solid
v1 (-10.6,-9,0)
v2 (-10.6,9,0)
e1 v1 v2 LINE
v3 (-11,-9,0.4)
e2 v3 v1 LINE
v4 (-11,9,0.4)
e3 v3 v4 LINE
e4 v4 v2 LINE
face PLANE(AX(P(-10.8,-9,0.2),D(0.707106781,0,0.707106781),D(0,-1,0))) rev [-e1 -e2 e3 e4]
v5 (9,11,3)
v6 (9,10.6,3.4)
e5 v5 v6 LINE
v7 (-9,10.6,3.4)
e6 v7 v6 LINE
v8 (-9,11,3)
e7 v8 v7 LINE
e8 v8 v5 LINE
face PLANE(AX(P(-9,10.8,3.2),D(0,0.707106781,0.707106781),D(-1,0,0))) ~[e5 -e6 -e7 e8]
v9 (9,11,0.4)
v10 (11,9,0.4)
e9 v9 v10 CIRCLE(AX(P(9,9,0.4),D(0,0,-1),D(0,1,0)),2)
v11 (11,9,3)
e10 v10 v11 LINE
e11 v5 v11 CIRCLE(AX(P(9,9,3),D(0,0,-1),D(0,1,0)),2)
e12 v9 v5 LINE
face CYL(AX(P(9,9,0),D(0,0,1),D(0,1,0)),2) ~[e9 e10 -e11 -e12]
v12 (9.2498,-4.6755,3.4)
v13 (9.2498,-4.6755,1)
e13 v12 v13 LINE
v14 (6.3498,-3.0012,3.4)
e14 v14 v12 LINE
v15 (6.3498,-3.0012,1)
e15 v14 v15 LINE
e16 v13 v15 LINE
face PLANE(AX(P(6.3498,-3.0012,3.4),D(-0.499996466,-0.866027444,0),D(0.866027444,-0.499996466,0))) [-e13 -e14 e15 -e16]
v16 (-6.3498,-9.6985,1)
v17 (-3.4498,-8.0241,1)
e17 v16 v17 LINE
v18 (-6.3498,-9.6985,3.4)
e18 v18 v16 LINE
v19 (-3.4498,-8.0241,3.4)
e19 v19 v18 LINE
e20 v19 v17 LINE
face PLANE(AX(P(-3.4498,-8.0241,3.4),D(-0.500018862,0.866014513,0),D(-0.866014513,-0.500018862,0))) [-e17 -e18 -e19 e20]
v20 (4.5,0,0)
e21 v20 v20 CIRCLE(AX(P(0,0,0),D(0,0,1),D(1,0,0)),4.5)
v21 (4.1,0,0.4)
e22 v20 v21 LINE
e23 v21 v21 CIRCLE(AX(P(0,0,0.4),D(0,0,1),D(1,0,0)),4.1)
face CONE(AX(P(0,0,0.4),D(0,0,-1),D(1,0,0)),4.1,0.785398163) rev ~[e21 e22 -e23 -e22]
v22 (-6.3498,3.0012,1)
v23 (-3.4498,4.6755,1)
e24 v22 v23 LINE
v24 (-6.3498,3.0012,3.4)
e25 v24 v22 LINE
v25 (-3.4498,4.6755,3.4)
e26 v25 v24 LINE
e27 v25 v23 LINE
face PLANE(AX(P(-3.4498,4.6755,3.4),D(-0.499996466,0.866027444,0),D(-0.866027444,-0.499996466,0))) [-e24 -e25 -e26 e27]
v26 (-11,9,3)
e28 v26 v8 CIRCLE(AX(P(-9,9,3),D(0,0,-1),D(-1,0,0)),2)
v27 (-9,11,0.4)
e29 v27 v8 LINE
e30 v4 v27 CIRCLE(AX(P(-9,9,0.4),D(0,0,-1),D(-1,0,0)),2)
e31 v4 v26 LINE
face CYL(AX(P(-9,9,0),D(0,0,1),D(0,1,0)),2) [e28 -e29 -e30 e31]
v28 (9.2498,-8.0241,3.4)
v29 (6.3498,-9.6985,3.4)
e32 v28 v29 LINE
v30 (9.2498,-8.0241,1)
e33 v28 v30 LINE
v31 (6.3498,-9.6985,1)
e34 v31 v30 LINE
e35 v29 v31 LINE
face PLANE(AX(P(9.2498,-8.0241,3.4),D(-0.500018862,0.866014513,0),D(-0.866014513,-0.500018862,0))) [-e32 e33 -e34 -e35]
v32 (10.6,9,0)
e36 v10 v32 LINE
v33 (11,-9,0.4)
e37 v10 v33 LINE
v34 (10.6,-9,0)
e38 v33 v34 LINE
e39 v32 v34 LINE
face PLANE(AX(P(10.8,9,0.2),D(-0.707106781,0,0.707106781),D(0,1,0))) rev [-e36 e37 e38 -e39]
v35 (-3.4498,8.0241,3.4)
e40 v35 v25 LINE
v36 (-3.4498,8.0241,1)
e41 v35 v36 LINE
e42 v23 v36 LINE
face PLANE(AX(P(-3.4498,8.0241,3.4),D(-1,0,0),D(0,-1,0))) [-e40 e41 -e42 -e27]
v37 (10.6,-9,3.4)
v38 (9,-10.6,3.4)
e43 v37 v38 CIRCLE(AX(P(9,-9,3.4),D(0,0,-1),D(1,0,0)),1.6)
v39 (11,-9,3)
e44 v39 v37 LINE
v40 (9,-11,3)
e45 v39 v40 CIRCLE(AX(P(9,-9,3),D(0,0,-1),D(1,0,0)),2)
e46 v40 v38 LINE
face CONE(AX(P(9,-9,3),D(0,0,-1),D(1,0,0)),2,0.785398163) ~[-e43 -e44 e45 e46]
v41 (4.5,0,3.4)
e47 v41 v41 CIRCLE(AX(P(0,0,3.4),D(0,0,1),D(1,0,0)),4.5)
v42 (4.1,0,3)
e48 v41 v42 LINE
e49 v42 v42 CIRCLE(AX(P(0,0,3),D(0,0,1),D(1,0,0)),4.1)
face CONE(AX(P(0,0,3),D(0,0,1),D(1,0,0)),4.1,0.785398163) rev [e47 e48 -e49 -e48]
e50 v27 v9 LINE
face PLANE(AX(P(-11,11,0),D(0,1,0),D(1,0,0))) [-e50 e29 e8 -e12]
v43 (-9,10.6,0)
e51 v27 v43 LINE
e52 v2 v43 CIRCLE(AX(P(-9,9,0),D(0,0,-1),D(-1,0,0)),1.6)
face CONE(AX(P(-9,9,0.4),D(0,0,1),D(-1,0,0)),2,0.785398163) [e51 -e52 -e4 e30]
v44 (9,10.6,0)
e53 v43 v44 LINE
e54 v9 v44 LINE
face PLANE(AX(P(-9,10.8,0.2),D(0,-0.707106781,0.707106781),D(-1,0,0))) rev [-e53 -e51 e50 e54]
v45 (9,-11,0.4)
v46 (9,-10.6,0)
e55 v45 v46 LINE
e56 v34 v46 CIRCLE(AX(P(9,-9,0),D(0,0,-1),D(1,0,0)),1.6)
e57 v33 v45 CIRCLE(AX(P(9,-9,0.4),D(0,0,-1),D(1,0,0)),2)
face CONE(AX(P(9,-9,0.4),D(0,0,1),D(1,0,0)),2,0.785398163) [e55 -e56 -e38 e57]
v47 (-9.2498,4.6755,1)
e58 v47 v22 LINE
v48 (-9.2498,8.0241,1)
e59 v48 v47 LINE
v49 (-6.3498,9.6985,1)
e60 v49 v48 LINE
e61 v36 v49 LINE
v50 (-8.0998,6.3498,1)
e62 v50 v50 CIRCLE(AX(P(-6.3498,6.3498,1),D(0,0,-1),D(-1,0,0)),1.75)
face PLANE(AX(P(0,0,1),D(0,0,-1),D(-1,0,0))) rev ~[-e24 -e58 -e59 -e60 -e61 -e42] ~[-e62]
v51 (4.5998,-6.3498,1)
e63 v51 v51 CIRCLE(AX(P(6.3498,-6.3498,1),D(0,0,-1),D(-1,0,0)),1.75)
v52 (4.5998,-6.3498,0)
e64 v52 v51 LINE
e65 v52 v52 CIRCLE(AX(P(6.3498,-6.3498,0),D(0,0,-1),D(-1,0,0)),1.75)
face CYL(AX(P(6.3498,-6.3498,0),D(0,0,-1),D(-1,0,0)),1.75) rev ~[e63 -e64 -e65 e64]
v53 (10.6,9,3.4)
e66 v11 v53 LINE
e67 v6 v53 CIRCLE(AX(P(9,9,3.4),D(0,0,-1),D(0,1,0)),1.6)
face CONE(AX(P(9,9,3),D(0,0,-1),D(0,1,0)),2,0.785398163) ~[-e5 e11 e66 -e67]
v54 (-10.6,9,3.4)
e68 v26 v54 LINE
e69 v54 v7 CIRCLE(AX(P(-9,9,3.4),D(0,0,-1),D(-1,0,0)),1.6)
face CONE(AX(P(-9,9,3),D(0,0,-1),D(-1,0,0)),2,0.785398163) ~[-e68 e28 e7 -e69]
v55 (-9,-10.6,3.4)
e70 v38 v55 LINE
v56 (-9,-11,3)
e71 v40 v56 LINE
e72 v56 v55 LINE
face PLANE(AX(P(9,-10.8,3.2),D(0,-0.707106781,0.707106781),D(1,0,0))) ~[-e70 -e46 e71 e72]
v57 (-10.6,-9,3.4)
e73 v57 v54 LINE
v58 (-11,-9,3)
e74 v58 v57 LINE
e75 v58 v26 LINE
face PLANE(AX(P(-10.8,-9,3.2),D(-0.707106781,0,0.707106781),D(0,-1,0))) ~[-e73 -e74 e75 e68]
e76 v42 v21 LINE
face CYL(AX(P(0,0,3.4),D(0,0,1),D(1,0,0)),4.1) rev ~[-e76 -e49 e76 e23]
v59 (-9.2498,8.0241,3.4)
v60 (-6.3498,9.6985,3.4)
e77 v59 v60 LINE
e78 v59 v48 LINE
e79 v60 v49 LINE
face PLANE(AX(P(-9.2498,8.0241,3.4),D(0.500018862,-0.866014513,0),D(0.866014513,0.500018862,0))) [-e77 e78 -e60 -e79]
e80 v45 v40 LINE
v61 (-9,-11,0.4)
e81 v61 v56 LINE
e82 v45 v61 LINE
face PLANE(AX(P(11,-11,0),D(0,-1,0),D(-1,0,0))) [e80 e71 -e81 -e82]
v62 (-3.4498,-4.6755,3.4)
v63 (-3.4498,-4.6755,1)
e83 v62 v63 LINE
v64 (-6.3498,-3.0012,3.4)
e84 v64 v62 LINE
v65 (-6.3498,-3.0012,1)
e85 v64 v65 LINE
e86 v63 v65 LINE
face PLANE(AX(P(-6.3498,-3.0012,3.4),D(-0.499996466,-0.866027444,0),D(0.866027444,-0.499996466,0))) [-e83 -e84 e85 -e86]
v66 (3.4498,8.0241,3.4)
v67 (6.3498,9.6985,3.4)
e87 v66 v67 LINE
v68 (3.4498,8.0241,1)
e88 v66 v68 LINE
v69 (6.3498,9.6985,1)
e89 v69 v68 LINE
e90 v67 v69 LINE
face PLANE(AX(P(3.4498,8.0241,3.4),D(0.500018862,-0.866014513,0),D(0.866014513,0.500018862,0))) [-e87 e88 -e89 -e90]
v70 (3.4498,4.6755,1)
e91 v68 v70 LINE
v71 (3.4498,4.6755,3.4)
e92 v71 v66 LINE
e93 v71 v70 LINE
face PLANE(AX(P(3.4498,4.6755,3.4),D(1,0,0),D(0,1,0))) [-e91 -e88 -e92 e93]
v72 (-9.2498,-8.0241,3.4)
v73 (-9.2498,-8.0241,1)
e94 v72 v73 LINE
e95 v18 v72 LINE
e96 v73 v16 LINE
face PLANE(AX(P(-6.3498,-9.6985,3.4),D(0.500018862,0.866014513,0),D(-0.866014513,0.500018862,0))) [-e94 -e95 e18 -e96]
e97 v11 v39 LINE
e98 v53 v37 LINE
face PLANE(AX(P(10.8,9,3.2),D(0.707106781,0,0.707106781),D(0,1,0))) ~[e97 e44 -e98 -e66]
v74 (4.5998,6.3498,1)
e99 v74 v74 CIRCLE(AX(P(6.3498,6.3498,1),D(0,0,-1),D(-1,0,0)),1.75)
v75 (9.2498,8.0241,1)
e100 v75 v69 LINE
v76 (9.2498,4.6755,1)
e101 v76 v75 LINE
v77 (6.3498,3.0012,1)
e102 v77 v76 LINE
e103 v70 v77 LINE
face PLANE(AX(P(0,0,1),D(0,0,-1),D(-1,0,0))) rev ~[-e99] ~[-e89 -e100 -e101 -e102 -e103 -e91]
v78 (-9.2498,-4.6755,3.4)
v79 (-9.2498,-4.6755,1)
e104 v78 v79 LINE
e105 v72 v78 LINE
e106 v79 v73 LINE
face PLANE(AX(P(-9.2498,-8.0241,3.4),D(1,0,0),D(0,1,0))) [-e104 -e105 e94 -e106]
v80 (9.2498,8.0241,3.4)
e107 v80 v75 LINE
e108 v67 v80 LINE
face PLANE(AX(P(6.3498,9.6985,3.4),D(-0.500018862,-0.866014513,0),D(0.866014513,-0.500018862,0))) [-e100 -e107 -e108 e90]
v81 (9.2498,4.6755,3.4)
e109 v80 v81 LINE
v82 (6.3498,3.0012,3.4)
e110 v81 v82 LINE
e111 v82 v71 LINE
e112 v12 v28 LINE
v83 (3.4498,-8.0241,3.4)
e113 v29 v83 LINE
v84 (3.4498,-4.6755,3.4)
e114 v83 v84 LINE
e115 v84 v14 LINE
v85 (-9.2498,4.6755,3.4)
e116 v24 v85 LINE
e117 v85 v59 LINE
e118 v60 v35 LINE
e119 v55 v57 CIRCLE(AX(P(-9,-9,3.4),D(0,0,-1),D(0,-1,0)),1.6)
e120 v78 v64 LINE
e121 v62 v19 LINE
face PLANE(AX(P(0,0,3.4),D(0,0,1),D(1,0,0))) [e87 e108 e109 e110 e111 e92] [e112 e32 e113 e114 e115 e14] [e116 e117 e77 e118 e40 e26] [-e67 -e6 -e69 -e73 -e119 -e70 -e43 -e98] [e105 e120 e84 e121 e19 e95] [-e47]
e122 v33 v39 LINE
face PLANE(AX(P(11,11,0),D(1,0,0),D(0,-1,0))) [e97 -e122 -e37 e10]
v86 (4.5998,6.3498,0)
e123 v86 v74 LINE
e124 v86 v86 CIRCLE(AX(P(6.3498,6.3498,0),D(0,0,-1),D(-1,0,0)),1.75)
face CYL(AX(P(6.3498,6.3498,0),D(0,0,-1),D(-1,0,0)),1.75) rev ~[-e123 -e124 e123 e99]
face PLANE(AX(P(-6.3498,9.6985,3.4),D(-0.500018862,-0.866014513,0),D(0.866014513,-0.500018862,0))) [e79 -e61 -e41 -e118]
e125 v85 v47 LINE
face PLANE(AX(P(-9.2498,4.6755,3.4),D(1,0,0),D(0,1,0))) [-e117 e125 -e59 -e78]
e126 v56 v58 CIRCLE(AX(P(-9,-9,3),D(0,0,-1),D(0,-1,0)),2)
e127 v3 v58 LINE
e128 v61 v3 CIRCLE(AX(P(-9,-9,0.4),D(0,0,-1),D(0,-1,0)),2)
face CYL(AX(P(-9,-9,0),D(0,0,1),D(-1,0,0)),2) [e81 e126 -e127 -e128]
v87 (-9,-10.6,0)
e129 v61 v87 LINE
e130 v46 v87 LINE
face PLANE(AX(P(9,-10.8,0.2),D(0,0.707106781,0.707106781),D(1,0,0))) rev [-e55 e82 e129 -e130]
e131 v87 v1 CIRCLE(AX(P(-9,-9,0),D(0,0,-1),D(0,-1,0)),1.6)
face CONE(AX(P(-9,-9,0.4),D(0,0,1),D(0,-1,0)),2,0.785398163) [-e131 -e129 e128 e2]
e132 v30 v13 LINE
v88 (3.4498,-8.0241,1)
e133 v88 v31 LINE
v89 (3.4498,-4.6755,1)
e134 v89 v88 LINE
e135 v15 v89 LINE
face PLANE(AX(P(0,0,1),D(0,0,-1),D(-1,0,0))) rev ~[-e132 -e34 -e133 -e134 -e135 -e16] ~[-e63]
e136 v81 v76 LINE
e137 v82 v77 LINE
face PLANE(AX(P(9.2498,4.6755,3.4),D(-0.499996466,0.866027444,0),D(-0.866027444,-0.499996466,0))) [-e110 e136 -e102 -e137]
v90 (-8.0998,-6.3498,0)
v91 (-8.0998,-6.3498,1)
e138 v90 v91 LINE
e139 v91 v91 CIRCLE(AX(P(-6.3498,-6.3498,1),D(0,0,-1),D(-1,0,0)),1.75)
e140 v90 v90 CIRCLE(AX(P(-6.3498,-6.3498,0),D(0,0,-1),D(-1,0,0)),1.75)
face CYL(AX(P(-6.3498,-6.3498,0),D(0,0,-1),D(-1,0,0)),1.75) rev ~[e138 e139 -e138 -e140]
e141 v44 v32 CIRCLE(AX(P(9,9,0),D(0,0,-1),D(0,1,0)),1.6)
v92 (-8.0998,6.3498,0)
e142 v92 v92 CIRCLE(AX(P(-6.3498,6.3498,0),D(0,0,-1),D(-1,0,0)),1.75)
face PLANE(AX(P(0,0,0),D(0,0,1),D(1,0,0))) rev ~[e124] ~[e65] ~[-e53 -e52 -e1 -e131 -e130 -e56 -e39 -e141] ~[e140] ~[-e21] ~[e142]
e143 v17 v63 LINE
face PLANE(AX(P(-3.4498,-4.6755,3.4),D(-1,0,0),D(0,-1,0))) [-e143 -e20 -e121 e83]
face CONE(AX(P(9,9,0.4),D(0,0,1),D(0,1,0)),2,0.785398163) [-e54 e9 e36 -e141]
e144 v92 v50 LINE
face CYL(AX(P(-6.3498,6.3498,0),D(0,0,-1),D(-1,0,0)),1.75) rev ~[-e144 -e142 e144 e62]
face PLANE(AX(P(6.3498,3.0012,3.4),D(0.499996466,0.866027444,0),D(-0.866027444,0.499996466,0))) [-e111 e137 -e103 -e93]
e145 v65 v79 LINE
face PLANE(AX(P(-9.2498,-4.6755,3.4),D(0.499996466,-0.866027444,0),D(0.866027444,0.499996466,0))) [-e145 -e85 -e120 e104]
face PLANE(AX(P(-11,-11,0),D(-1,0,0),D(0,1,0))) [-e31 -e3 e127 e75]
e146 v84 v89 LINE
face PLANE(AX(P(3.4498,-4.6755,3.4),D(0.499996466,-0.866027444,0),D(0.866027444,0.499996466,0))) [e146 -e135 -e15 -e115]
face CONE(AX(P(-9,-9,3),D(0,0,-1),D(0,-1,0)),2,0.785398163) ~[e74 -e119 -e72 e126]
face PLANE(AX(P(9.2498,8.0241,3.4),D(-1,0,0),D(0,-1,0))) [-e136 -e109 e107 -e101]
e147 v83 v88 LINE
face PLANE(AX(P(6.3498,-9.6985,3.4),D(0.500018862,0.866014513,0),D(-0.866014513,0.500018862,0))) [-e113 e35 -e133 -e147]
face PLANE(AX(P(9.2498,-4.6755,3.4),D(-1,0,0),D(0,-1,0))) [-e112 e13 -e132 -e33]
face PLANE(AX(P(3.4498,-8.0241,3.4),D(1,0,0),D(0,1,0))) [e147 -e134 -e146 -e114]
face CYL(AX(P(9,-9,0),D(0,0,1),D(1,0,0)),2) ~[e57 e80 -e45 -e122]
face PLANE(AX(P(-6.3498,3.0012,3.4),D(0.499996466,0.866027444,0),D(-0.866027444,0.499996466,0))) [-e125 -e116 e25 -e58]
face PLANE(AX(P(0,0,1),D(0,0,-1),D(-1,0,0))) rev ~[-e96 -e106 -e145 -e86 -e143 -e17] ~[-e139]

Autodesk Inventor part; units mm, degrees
ref_plane "YZ Plane" through (0, 0, 0) normal (1, 0, 0) x (0, 1, 0)
ref_plane "XZ Plane" through (0, 0, 0) normal (0, 1, 0) x (-1, 0, 0)
ref_plane "XY Plane" through (0, 0, 0) normal (0, 0, 1) x (1, 0, 0)
sketch "Sketch1" plane through (0, 0, 0) normal (0, 0, 1) x (1, 0, 0)
  line L0 (-11, 11) -> (11, 11)
  line L1 (11, 11) -> (11, -11)
  line L2 (11, -11) -> (-11, -11)
  line L3 (-11, -11) -> (-11, 11)
  point P0 (0, 0)
  point P1 (-11, 0)
  point P2 (0, 11)
  dimension "d0" = 22
extrude "Extrusion1" add sketch "Sketch1" along normal blind 3.4
sketch "Sketch2" plane through (0, 0, 3.4) normal (0, 0, 1) x (1, 0, 0)
  circle A0 centre (0, 0) radius 8.98 construction
  line L0 (-6.3498, 6.3498) -> (6.3498, 6.3498) construction
  line L1 (6.3498, 6.3498) -> (6.3498, -6.3498) construction
  line L2 (6.3498, -6.3498) -> (-6.3498, -6.3498) construction
  line L3 (-6.3498, -6.3498) -> (-6.3498, 6.3498) construction
  line L4 (-3.4498, 8.0241) -> (-3.4498, 4.6755)
  line L5 (-3.4498, 4.6755) -> (-6.3498, 3.0012)
  line L6 (-6.3498, 3.0012) -> (-9.2498, 4.6755)
  line L7 (-9.2498, 4.6755) -> (-9.2498, 8.0241)
  line L8 (-9.2498, 8.0241) -> (-6.3498, 9.6985)
  line L9 (-6.3498, 9.6985) -> (-3.4498, 8.0241)
  line L10 (9.2498, 8.0241) -> (9.2498, 4.6755)
  line L11 (9.2498, 4.6755) -> (6.3498, 3.0012)
  line L12 (6.3498, 3.0012) -> (3.4498, 4.6755)
  line L13 (3.4498, 4.6755) -> (3.4498, 8.0241)
  line L14 (3.4498, 8.0241) -> (6.3498, 9.6985)
  line L15 (6.3498, 9.6985) -> (9.2498, 8.0241)
  line L16 (9.2498, -4.6755) -> (9.2498, -8.0241)
  line L17 (9.2498, -8.0241) -> (6.3498, -9.6985)
  line L18 (6.3498, -9.6985) -> (3.4498, -8.0241)
  line L19 (3.4498, -8.0241) -> (3.4498, -4.6755)
  line L20 (3.4498, -4.6755) -> (6.3498, -3.0012)
  line L21 (6.3498, -3.0012) -> (9.2498, -4.6755)
  line L22 (-6.3498, -3.0012) -> (-3.4498, -4.6755)
  line L23 (-3.4498, -4.6755) -> (-3.4498, -8.0241)
  line L24 (-3.4498, -8.0241) -> (-6.3498, -9.6985)
  line L25 (-6.3498, -9.6985) -> (-9.2498, -8.0241)
  line L26 (-9.2498, -8.0241) -> (-9.2498, -4.6755)
  line L27 (-9.2498, -4.6755) -> (-6.3498, -3.0012)
  point P0 (6.3498, -6.3498)
  dimension "d3" = 17.96
  dimension "d4" = 5.8
extrude "Extrusion2" cut sketch "Sketch2" against normal blind 4
sketch "Sketch3" plane through (0, 0, 0) normal (0, 0, -1) x (-1, 0, 0)
  line L0 (-3.4498, -4.6755) -> (-3.4498, -8.0241) projected
  line L1 (-3.4498, -8.0241) -> (-6.3498, -9.6985) projected
  line L2 (-6.3498, -9.6985) -> (-9.2498, -8.0241) projected
  line L3 (-9.2498, -8.0241) -> (-9.2498, -4.6755) projected
  line L4 (-9.2498, -4.6755) -> (-6.3498, -3.0012) projected
  line L5 (-6.3498, -3.0012) -> (-3.4498, -4.6755) projected
  line L6 (-3.4498, 8.0241) -> (-3.4498, 4.6755) projected
  line L7 (-3.4498, 4.6755) -> (-6.3498, 3.0012) projected
  line L8 (-6.3498, 3.0012) -> (-9.2498, 4.6755) projected
  line L9 (-9.2498, 4.6755) -> (-9.2498, 8.0241) projected
  line L10 (-9.2498, 8.0241) -> (-6.3498, 9.6985) projected
  line L11 (-6.3498, 9.6985) -> (-3.4498, 8.0241) projected
  line L12 (9.2498, -8.0241) -> (6.3498, -9.6985) projected
  line L13 (6.3498, -9.6985) -> (3.4498, -8.0241) projected
  line L14 (3.4498, -8.0241) -> (3.4498, -4.6755) projected
  line L15 (3.4498, -4.6755) -> (6.3498, -3.0012) projected
  line L16 (6.3498, -3.0012) -> (9.2498, -4.6755) projected
  line L17 (9.2498, -4.6755) -> (9.2498, -8.0241) projected
  line L18 (9.2498, 8.0241) -> (9.2498, 4.6755) projected
  line L19 (9.2498, 4.6755) -> (6.3498, 3.0012) projected
  line L20 (6.3498, 3.0012) -> (3.4498, 4.6755) projected
  line L21 (3.4498, 4.6755) -> (3.4498, 8.0241) projected
  line L22 (3.4498, 8.0241) -> (6.3498, 9.6985) projected
  line L23 (6.3498, 9.6985) -> (9.2498, 8.0241) projected
  line L24 (11, -11) -> (-11, -11) projected
  line L25 (11, 11) -> (11, -11) projected
  line L26 (-11, 11) -> (11, 11) projected
  line L27 (-11, -11) -> (-11, 11) projected
  circle A0 centre (6.3498, 6.3498) radius 1.75
  circle A1 centre (6.3498, -6.3498) radius 1.75
  circle A2 centre (-6.3498, -6.3498) radius 1.75
  circle A3 centre (-6.3498, 6.3498) radius 1.75
  point P0 (0, 0)
  point P1 (9.2498, -6.3498)
  point P2 (-3.4498, -6.3498)
  point P3 (-3.4498, 6.3498)
  point P4 (9.2498, 6.3498)
  dimension "d7" = 3.5
extrude "Extrusion3" add sketch "Sketch3" against normal blind 1 contours L0 L1 L2 L3 L4 L5 | L6 L7 L8 L9 L10 L11 | L12 L13 L14 L15 L16 L17 | L18 L19 L20 L21 L22 L23
fillet "Fillet1" radius 2 4 edges at (11, 11, 1.7) (-11, 11, 1.7) (11, -11, 1.7) (-11, -11, 1.7)
sketch "Sketch4" plane through (0, 0, 3.4) normal (0, 0, 1) x (1, 0, 0)
  circle A0 centre (0, 0) radius 4.1
  dimension "d11" = 8.2
extrude "Extrusion4" cut sketch "Sketch4" against normal through all
chamfer "Chamfer1" distance 0.4 angle 45 16 edges at (0, 11, 0) (-10.4142, 10.4142, 0) (-11, 0, 0) (-10.4142, -10.4142, 0) (0, -11, 0) (10.4142, -10.4142, 0) (11, 0, 0) (10.4142, 10.4142, 0) (0, 11, 3.4) (-10.4142, 10.4142, 3.4) (-11, 0, 3.4) (-10.4142, -10.4142, 3.4) (0, -11, 3.4) (10.4142, -10.4142, 3.4) (11, 0, 3.4) (10.4142, 10.4142, 3.4)
chamfer "Chamfer2" distance 0.4 angle 45 2 edges at (-4.1, 0, 0) (-4.1, 0, 3.4)
properties part number "bnc-nut-support" material "ABS Plastic"
